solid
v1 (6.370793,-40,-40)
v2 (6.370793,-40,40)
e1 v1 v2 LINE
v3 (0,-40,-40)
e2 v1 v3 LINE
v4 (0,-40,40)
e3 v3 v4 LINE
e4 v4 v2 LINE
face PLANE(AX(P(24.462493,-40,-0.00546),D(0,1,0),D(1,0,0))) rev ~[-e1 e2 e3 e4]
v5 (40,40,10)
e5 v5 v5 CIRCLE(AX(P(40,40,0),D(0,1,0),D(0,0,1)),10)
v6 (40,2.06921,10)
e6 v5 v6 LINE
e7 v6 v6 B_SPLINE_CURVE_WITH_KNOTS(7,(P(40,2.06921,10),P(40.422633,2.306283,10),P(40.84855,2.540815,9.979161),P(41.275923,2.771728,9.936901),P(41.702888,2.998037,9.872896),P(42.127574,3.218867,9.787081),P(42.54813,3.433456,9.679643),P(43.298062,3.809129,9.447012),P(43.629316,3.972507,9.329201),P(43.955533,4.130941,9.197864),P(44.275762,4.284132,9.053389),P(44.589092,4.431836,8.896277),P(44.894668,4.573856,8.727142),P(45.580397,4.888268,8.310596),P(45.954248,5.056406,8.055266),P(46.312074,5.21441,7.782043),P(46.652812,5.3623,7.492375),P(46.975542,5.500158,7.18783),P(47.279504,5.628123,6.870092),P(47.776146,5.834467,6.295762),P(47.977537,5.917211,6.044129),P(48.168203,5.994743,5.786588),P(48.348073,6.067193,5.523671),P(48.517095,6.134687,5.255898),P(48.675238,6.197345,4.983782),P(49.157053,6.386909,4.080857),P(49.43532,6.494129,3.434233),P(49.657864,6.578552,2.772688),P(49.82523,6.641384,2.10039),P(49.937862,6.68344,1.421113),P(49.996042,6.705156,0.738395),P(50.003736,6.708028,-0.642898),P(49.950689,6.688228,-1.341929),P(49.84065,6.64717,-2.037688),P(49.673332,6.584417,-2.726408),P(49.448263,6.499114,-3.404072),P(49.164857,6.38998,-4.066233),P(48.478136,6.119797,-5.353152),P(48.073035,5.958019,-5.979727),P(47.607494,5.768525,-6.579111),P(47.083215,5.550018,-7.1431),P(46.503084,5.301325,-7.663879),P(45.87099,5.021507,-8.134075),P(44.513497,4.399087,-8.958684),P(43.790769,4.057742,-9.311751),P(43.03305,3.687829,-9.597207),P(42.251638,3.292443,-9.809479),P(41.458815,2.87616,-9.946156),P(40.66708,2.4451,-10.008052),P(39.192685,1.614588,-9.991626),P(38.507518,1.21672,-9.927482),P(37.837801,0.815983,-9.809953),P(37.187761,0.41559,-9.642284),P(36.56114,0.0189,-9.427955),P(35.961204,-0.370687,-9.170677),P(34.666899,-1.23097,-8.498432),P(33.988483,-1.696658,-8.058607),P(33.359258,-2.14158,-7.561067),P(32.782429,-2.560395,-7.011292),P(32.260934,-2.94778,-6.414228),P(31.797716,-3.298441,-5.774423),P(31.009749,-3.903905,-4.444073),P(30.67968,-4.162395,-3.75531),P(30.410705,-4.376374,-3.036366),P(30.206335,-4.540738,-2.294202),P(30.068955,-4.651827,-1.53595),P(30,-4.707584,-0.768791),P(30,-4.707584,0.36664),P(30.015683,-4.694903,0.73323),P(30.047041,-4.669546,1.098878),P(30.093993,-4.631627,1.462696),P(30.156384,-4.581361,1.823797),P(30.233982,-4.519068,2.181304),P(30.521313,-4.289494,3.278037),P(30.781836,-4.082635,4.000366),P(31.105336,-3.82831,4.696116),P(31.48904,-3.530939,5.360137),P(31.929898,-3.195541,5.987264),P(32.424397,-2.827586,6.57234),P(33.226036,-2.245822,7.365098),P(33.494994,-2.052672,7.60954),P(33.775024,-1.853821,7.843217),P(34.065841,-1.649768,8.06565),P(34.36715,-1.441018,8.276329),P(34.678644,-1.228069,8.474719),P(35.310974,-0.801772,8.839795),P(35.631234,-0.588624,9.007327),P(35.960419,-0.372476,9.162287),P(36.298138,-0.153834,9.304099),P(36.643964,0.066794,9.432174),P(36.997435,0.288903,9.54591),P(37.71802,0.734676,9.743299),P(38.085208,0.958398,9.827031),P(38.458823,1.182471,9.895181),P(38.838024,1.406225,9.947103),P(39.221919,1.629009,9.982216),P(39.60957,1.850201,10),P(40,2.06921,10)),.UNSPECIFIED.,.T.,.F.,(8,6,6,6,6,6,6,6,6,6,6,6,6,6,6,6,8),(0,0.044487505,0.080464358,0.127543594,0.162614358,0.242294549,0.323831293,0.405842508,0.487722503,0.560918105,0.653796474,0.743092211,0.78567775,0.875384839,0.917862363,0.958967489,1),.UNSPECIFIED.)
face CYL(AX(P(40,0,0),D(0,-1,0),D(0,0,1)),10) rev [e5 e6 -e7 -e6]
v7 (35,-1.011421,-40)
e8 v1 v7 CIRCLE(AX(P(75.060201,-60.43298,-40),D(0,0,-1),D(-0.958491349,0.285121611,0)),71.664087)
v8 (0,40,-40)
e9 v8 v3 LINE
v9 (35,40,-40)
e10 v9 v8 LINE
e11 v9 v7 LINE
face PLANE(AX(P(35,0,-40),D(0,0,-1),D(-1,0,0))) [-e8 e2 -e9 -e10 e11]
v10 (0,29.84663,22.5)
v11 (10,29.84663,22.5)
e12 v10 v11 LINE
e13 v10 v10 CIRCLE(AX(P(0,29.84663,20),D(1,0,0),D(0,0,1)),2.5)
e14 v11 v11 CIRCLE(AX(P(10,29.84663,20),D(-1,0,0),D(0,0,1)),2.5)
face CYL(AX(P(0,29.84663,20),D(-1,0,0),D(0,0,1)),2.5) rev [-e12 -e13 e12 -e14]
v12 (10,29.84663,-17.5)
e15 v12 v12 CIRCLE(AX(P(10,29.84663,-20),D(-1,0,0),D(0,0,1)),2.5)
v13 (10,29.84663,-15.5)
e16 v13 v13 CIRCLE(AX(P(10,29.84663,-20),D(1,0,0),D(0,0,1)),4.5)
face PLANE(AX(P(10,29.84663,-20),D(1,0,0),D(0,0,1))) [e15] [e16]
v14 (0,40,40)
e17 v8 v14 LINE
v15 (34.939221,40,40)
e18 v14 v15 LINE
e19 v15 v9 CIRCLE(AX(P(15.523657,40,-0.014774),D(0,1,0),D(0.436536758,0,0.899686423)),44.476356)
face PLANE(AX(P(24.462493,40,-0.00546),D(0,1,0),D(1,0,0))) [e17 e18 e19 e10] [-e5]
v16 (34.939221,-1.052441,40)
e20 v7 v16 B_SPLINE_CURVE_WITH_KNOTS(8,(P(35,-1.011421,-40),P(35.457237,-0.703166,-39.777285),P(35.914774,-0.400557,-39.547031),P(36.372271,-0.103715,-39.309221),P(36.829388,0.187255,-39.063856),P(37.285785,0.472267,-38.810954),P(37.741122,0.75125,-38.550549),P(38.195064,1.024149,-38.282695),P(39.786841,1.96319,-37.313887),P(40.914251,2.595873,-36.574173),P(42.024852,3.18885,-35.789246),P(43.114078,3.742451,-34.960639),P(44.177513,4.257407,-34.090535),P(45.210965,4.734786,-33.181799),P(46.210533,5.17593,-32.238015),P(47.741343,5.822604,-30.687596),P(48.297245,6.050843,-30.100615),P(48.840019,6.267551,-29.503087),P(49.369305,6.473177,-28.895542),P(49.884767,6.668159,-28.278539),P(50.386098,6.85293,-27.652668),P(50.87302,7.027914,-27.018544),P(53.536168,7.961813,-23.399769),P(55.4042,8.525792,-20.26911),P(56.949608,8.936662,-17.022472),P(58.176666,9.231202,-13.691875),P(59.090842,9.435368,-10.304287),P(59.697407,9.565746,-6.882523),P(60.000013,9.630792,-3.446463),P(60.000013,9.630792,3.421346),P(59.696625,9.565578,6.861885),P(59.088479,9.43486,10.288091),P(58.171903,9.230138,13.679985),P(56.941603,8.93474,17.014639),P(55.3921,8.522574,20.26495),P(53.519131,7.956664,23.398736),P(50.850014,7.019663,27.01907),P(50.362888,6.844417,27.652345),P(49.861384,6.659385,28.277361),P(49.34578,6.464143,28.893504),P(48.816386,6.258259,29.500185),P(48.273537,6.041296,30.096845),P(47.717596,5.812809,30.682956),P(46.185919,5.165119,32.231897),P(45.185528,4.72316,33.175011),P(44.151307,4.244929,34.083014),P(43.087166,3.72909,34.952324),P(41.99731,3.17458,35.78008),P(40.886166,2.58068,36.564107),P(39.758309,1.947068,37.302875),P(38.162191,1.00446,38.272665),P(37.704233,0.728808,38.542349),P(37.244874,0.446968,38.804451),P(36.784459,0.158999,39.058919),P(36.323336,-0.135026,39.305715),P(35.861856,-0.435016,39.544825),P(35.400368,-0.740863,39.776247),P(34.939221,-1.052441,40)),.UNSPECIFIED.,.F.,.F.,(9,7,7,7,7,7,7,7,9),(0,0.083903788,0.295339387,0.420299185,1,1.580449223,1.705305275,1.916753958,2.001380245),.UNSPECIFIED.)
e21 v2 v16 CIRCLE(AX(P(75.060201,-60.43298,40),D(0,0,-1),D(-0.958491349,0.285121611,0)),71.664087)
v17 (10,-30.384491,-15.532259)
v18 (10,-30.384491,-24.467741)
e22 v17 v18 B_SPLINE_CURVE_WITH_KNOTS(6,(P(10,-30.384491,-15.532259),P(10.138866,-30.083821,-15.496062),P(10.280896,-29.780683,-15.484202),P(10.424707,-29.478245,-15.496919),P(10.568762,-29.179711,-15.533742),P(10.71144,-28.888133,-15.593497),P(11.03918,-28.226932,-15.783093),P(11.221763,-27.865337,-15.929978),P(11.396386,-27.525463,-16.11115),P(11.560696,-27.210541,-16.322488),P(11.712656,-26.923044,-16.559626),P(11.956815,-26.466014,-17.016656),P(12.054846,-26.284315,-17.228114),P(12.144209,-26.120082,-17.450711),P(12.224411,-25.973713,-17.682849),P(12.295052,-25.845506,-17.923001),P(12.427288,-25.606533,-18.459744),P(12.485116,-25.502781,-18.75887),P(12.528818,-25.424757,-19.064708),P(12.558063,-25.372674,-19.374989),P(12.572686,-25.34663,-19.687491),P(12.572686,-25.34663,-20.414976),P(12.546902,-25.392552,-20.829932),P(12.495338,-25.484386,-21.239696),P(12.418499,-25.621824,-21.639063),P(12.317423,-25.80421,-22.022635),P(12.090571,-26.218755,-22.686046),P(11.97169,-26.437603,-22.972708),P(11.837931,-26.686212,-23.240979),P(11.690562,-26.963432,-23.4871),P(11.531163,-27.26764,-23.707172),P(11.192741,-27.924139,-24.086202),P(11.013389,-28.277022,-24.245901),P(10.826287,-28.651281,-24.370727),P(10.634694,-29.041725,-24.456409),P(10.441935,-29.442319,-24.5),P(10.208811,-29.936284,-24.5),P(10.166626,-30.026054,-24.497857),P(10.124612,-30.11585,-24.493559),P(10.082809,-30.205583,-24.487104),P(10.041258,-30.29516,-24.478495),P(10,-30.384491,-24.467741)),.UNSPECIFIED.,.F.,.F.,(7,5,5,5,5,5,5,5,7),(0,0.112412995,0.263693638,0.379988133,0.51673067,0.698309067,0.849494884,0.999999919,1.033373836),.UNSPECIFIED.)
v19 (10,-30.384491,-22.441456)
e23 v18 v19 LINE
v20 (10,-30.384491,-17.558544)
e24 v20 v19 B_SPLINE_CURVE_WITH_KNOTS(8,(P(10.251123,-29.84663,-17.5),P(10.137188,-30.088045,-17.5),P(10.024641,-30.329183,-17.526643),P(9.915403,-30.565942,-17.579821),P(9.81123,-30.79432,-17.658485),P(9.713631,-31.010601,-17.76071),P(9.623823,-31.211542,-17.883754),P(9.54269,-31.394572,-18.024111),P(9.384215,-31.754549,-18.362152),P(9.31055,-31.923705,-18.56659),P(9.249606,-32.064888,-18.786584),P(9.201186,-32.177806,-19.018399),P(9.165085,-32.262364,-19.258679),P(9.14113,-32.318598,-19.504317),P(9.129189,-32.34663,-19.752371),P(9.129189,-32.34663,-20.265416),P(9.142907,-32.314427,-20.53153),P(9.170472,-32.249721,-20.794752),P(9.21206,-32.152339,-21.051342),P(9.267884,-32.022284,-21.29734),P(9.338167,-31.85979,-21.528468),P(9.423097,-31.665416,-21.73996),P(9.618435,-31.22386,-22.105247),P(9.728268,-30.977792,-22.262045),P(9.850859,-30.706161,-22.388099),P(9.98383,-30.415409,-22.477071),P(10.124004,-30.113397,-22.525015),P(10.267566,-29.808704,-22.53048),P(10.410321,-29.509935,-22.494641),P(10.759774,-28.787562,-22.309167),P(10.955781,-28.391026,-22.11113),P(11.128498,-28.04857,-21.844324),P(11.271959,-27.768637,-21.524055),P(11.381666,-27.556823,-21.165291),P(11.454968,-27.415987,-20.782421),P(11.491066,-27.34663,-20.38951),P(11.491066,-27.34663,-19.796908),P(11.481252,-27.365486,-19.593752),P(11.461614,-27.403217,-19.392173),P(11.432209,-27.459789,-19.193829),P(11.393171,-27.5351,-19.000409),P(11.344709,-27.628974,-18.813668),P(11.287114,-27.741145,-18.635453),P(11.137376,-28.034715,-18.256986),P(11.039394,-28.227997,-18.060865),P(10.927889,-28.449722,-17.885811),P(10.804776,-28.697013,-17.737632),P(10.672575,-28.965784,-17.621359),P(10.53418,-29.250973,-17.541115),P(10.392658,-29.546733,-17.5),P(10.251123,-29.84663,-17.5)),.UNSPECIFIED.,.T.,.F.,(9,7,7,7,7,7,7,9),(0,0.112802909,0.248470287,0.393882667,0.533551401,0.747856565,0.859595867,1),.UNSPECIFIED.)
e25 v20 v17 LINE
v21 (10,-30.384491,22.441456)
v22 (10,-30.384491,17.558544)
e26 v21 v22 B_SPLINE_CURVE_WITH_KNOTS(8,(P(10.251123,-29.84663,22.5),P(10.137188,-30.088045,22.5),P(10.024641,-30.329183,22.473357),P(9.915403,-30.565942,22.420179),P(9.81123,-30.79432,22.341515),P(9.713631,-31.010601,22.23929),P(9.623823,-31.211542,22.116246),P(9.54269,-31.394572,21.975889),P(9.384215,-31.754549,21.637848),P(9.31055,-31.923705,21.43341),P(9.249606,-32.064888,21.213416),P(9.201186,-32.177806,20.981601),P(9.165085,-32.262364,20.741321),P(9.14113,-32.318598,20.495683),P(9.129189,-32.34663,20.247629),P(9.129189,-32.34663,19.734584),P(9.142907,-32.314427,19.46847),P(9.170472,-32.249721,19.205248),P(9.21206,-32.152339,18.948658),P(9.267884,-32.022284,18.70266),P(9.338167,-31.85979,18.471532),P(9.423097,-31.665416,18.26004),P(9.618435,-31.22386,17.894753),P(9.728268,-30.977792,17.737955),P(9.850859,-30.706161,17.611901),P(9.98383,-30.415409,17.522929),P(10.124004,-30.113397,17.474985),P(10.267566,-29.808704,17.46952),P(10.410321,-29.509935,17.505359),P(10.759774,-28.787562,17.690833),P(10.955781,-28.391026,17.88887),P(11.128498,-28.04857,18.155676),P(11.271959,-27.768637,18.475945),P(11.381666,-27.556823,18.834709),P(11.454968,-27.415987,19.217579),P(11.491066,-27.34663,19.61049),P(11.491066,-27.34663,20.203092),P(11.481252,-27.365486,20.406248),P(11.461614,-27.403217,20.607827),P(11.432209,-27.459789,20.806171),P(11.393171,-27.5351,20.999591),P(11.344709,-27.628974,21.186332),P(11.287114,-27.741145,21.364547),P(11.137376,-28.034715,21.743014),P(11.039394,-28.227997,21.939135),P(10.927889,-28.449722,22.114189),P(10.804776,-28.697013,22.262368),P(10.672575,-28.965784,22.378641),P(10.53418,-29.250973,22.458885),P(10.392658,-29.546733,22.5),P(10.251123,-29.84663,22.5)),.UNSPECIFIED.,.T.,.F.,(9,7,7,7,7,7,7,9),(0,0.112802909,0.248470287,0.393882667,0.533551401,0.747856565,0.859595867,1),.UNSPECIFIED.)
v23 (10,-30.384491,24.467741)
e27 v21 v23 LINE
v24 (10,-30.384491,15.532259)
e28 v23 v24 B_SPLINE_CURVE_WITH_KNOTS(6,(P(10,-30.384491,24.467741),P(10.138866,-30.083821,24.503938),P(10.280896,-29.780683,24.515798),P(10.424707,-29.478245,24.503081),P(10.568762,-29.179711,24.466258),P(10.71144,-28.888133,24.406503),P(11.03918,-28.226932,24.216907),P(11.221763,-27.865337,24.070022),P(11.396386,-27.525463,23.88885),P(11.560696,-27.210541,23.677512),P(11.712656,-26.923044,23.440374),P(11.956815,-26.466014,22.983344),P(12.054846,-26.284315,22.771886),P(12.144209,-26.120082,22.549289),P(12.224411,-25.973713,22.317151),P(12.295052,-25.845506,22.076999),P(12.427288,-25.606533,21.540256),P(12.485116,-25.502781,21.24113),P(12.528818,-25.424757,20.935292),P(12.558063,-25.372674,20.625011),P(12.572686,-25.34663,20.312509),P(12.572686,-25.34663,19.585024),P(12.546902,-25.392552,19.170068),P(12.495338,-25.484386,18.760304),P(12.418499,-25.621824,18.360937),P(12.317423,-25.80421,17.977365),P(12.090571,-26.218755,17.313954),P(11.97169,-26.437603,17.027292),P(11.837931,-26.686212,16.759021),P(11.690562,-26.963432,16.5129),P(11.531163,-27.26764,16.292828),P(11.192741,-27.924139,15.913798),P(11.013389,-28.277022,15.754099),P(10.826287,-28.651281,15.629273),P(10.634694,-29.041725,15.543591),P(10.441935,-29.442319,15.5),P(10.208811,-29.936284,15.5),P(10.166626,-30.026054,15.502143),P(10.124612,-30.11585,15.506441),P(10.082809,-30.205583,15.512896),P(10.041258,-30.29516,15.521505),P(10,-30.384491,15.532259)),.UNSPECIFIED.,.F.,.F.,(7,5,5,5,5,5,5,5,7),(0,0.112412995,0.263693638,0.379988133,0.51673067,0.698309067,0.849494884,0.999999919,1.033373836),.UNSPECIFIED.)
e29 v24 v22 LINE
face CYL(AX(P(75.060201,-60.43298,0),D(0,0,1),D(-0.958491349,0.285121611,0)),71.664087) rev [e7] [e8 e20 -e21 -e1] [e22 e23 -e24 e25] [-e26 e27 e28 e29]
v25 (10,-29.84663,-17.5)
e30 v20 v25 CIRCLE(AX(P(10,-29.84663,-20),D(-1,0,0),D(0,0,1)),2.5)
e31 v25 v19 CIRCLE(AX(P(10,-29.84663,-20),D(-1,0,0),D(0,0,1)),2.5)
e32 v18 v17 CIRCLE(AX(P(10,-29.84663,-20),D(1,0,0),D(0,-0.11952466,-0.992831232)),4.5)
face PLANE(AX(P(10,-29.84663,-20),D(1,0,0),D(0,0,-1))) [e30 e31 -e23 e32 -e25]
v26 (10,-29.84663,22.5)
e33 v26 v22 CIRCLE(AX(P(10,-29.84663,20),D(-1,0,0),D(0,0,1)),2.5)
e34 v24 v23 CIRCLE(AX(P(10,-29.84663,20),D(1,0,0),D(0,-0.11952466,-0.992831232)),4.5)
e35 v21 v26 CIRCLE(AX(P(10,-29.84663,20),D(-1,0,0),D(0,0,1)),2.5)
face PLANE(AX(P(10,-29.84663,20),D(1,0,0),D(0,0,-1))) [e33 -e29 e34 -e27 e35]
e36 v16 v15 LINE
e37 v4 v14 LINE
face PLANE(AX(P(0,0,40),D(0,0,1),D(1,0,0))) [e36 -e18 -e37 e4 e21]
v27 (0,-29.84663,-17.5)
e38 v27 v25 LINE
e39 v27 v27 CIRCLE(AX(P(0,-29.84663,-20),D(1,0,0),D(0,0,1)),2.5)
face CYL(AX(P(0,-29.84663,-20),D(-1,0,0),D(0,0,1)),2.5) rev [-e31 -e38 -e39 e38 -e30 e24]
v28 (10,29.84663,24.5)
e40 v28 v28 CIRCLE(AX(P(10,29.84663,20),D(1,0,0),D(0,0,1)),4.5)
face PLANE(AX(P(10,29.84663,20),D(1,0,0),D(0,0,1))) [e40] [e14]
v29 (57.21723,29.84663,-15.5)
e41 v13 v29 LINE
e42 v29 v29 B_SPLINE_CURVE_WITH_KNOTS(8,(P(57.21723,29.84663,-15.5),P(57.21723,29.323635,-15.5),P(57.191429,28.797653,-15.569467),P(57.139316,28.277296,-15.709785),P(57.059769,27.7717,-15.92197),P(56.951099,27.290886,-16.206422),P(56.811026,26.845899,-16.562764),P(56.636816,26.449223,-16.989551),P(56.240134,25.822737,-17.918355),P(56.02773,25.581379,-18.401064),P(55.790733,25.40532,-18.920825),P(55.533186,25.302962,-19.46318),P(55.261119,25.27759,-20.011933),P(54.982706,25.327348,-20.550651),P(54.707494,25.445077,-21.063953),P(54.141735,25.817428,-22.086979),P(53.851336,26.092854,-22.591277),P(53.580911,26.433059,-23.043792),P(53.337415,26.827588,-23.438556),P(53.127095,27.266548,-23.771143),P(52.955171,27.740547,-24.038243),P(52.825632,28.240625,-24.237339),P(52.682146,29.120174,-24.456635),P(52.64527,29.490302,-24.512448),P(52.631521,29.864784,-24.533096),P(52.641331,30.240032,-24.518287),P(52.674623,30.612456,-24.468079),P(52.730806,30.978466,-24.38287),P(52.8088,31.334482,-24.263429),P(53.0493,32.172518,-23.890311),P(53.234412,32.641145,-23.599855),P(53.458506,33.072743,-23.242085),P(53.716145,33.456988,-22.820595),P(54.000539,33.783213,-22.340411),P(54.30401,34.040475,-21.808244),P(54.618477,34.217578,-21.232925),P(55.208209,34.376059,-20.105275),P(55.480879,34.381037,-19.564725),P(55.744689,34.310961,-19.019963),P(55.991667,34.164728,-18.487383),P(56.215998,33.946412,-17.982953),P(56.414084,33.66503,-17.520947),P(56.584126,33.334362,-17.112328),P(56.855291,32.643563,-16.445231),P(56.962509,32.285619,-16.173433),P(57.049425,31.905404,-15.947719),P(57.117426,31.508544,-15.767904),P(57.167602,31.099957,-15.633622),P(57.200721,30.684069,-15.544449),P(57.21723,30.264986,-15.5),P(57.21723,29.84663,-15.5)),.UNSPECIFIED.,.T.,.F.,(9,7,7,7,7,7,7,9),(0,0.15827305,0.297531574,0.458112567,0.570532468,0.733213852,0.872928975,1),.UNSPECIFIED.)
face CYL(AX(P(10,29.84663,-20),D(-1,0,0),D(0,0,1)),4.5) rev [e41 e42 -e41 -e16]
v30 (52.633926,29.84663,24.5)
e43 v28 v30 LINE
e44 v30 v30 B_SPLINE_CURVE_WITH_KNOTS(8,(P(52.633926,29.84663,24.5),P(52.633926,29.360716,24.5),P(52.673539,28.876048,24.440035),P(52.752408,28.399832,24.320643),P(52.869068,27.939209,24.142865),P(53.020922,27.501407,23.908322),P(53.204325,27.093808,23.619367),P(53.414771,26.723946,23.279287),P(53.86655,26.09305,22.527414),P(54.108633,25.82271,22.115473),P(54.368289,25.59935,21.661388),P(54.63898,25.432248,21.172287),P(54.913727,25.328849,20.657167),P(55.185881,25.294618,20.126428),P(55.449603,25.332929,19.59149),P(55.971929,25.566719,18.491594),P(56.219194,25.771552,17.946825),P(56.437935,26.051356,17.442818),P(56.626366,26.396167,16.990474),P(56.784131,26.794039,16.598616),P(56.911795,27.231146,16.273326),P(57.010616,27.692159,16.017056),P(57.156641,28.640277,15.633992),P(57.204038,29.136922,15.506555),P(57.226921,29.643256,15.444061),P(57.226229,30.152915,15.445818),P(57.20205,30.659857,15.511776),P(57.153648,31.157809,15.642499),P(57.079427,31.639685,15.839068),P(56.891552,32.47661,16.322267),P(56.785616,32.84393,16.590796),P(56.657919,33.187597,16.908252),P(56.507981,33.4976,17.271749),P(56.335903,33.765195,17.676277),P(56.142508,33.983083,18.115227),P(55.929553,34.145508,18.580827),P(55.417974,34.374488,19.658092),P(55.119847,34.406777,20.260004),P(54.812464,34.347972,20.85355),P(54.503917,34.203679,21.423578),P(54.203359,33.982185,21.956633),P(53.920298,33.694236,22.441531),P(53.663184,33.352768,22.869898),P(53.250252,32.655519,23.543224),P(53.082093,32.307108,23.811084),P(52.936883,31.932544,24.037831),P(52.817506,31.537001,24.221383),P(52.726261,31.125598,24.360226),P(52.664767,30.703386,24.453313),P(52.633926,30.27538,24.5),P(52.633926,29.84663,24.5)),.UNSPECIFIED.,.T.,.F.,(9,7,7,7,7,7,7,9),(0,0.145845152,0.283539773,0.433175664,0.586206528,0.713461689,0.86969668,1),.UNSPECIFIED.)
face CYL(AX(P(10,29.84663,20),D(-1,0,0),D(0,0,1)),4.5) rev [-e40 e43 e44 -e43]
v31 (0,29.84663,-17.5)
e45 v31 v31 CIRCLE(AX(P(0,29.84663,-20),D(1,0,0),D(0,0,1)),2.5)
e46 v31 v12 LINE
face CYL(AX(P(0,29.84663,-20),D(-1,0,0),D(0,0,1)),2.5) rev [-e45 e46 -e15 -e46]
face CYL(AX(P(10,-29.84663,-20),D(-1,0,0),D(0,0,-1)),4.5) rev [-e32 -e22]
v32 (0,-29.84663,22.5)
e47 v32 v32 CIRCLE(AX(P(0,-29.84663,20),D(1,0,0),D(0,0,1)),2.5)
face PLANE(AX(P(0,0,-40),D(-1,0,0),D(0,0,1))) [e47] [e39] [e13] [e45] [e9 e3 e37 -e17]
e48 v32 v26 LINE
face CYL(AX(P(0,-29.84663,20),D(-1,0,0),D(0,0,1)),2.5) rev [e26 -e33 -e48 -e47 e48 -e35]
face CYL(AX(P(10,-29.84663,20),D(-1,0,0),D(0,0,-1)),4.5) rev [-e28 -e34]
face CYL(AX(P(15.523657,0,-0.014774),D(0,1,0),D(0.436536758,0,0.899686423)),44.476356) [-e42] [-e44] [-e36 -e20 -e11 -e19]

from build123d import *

# Parameters (mm, degrees)
SKETCH2_R           = 10
BOSS_EXTRUDE1_DEPTH = 40
CUT_EXTRUDE1_DEPTH  = 40
SKETCH4_R           = 2.5
CUT_EXTRUDE2_DEPTH  = 80
SKETCH5_R           = 4.5
CUT_EXTRUDE3_DEPTH  = 80


with BuildPart() as part:
    # Sketch2 → Boss-Extrude1 (new, symmetric)
    with BuildSketch(Plane(origin=(0, 0, 0), x_dir=(1, 0, 0), z_dir=(0, 1, 0))):
        with BuildLine():
            Line((0, 40), (0, -40))
            Line((0, -40), (34.939220954, -40))
            ThreePointArc((34.939220954, -40), (60, -0.01901654), (35, 40))
            Line((35, 40), (0, 40))
        make_face()
        with Locations(Location((40, 0, 0), (0, 0, 270))):
            Circle(SKETCH2_R, mode=Mode.SUBTRACT)
    extrude(amount=BOSS_EXTRUDE1_DEPTH, both=True)

    # Sketch3 → Cut-Extrude1 (cut, symmetric)
    with BuildSketch(Plane.XY):
        with BuildLine():
            Line((60.000012836, 9.630791914), (60.000012836, -40))
            Line((60.000012836, -40), (6.370793002, -40))
            ThreePointArc((6.370793002, -40), (26.384718506, -7.836033018), (60.000012836, 9.630791914))
        make_face()
    extrude(amount=CUT_EXTRUDE1_DEPTH, both=True, mode=Mode.SUBTRACT)

    # Sketch4 → Cut-Extrude2 (cut)
    with BuildSketch(Plane(origin=(0, 0, 0), x_dir=(0, 0, -1), z_dir=(1, 0, 0))):
        with Locations(Location((-20, 29.846630116, 0), (0, 0, 180))):
            Circle(SKETCH4_R)
        with Locations(Location((20, 29.846630116, 0), (0, 0, 180))):
            Circle(SKETCH4_R)
        with Locations(Location((20, -29.846630116, 0), (0, 0, 180))):
            Circle(SKETCH4_R)
        with Locations(Location((-20, -29.846630116, 0), (0, 0, 180))):
            Circle(SKETCH4_R)
    extrude(amount=CUT_EXTRUDE2_DEPTH, mode=Mode.SUBTRACT)

    # Sketch5 → Cut-Extrude3 (cut)
    with BuildSketch(Plane(origin=(10, 0, 0), x_dir=(0, 0, -1), z_dir=(1, 0, 0))):
        with Locations(Location((20, 29.846630116, 0), (0, 0, 180))):
            Circle(SKETCH5_R)
        with Locations(Location((-20, 29.846630116, 0), (0, 0, 180))):
            Circle(SKETCH5_R)
        with Locations((20, -29.846630116)):
            Circle(SKETCH5_R)
        with Locations((-20, -29.846630116)):
            Circle(SKETCH5_R)
    extrude(amount=CUT_EXTRUDE3_DEPTH, mode=Mode.SUBTRACT)


solid = part.part
